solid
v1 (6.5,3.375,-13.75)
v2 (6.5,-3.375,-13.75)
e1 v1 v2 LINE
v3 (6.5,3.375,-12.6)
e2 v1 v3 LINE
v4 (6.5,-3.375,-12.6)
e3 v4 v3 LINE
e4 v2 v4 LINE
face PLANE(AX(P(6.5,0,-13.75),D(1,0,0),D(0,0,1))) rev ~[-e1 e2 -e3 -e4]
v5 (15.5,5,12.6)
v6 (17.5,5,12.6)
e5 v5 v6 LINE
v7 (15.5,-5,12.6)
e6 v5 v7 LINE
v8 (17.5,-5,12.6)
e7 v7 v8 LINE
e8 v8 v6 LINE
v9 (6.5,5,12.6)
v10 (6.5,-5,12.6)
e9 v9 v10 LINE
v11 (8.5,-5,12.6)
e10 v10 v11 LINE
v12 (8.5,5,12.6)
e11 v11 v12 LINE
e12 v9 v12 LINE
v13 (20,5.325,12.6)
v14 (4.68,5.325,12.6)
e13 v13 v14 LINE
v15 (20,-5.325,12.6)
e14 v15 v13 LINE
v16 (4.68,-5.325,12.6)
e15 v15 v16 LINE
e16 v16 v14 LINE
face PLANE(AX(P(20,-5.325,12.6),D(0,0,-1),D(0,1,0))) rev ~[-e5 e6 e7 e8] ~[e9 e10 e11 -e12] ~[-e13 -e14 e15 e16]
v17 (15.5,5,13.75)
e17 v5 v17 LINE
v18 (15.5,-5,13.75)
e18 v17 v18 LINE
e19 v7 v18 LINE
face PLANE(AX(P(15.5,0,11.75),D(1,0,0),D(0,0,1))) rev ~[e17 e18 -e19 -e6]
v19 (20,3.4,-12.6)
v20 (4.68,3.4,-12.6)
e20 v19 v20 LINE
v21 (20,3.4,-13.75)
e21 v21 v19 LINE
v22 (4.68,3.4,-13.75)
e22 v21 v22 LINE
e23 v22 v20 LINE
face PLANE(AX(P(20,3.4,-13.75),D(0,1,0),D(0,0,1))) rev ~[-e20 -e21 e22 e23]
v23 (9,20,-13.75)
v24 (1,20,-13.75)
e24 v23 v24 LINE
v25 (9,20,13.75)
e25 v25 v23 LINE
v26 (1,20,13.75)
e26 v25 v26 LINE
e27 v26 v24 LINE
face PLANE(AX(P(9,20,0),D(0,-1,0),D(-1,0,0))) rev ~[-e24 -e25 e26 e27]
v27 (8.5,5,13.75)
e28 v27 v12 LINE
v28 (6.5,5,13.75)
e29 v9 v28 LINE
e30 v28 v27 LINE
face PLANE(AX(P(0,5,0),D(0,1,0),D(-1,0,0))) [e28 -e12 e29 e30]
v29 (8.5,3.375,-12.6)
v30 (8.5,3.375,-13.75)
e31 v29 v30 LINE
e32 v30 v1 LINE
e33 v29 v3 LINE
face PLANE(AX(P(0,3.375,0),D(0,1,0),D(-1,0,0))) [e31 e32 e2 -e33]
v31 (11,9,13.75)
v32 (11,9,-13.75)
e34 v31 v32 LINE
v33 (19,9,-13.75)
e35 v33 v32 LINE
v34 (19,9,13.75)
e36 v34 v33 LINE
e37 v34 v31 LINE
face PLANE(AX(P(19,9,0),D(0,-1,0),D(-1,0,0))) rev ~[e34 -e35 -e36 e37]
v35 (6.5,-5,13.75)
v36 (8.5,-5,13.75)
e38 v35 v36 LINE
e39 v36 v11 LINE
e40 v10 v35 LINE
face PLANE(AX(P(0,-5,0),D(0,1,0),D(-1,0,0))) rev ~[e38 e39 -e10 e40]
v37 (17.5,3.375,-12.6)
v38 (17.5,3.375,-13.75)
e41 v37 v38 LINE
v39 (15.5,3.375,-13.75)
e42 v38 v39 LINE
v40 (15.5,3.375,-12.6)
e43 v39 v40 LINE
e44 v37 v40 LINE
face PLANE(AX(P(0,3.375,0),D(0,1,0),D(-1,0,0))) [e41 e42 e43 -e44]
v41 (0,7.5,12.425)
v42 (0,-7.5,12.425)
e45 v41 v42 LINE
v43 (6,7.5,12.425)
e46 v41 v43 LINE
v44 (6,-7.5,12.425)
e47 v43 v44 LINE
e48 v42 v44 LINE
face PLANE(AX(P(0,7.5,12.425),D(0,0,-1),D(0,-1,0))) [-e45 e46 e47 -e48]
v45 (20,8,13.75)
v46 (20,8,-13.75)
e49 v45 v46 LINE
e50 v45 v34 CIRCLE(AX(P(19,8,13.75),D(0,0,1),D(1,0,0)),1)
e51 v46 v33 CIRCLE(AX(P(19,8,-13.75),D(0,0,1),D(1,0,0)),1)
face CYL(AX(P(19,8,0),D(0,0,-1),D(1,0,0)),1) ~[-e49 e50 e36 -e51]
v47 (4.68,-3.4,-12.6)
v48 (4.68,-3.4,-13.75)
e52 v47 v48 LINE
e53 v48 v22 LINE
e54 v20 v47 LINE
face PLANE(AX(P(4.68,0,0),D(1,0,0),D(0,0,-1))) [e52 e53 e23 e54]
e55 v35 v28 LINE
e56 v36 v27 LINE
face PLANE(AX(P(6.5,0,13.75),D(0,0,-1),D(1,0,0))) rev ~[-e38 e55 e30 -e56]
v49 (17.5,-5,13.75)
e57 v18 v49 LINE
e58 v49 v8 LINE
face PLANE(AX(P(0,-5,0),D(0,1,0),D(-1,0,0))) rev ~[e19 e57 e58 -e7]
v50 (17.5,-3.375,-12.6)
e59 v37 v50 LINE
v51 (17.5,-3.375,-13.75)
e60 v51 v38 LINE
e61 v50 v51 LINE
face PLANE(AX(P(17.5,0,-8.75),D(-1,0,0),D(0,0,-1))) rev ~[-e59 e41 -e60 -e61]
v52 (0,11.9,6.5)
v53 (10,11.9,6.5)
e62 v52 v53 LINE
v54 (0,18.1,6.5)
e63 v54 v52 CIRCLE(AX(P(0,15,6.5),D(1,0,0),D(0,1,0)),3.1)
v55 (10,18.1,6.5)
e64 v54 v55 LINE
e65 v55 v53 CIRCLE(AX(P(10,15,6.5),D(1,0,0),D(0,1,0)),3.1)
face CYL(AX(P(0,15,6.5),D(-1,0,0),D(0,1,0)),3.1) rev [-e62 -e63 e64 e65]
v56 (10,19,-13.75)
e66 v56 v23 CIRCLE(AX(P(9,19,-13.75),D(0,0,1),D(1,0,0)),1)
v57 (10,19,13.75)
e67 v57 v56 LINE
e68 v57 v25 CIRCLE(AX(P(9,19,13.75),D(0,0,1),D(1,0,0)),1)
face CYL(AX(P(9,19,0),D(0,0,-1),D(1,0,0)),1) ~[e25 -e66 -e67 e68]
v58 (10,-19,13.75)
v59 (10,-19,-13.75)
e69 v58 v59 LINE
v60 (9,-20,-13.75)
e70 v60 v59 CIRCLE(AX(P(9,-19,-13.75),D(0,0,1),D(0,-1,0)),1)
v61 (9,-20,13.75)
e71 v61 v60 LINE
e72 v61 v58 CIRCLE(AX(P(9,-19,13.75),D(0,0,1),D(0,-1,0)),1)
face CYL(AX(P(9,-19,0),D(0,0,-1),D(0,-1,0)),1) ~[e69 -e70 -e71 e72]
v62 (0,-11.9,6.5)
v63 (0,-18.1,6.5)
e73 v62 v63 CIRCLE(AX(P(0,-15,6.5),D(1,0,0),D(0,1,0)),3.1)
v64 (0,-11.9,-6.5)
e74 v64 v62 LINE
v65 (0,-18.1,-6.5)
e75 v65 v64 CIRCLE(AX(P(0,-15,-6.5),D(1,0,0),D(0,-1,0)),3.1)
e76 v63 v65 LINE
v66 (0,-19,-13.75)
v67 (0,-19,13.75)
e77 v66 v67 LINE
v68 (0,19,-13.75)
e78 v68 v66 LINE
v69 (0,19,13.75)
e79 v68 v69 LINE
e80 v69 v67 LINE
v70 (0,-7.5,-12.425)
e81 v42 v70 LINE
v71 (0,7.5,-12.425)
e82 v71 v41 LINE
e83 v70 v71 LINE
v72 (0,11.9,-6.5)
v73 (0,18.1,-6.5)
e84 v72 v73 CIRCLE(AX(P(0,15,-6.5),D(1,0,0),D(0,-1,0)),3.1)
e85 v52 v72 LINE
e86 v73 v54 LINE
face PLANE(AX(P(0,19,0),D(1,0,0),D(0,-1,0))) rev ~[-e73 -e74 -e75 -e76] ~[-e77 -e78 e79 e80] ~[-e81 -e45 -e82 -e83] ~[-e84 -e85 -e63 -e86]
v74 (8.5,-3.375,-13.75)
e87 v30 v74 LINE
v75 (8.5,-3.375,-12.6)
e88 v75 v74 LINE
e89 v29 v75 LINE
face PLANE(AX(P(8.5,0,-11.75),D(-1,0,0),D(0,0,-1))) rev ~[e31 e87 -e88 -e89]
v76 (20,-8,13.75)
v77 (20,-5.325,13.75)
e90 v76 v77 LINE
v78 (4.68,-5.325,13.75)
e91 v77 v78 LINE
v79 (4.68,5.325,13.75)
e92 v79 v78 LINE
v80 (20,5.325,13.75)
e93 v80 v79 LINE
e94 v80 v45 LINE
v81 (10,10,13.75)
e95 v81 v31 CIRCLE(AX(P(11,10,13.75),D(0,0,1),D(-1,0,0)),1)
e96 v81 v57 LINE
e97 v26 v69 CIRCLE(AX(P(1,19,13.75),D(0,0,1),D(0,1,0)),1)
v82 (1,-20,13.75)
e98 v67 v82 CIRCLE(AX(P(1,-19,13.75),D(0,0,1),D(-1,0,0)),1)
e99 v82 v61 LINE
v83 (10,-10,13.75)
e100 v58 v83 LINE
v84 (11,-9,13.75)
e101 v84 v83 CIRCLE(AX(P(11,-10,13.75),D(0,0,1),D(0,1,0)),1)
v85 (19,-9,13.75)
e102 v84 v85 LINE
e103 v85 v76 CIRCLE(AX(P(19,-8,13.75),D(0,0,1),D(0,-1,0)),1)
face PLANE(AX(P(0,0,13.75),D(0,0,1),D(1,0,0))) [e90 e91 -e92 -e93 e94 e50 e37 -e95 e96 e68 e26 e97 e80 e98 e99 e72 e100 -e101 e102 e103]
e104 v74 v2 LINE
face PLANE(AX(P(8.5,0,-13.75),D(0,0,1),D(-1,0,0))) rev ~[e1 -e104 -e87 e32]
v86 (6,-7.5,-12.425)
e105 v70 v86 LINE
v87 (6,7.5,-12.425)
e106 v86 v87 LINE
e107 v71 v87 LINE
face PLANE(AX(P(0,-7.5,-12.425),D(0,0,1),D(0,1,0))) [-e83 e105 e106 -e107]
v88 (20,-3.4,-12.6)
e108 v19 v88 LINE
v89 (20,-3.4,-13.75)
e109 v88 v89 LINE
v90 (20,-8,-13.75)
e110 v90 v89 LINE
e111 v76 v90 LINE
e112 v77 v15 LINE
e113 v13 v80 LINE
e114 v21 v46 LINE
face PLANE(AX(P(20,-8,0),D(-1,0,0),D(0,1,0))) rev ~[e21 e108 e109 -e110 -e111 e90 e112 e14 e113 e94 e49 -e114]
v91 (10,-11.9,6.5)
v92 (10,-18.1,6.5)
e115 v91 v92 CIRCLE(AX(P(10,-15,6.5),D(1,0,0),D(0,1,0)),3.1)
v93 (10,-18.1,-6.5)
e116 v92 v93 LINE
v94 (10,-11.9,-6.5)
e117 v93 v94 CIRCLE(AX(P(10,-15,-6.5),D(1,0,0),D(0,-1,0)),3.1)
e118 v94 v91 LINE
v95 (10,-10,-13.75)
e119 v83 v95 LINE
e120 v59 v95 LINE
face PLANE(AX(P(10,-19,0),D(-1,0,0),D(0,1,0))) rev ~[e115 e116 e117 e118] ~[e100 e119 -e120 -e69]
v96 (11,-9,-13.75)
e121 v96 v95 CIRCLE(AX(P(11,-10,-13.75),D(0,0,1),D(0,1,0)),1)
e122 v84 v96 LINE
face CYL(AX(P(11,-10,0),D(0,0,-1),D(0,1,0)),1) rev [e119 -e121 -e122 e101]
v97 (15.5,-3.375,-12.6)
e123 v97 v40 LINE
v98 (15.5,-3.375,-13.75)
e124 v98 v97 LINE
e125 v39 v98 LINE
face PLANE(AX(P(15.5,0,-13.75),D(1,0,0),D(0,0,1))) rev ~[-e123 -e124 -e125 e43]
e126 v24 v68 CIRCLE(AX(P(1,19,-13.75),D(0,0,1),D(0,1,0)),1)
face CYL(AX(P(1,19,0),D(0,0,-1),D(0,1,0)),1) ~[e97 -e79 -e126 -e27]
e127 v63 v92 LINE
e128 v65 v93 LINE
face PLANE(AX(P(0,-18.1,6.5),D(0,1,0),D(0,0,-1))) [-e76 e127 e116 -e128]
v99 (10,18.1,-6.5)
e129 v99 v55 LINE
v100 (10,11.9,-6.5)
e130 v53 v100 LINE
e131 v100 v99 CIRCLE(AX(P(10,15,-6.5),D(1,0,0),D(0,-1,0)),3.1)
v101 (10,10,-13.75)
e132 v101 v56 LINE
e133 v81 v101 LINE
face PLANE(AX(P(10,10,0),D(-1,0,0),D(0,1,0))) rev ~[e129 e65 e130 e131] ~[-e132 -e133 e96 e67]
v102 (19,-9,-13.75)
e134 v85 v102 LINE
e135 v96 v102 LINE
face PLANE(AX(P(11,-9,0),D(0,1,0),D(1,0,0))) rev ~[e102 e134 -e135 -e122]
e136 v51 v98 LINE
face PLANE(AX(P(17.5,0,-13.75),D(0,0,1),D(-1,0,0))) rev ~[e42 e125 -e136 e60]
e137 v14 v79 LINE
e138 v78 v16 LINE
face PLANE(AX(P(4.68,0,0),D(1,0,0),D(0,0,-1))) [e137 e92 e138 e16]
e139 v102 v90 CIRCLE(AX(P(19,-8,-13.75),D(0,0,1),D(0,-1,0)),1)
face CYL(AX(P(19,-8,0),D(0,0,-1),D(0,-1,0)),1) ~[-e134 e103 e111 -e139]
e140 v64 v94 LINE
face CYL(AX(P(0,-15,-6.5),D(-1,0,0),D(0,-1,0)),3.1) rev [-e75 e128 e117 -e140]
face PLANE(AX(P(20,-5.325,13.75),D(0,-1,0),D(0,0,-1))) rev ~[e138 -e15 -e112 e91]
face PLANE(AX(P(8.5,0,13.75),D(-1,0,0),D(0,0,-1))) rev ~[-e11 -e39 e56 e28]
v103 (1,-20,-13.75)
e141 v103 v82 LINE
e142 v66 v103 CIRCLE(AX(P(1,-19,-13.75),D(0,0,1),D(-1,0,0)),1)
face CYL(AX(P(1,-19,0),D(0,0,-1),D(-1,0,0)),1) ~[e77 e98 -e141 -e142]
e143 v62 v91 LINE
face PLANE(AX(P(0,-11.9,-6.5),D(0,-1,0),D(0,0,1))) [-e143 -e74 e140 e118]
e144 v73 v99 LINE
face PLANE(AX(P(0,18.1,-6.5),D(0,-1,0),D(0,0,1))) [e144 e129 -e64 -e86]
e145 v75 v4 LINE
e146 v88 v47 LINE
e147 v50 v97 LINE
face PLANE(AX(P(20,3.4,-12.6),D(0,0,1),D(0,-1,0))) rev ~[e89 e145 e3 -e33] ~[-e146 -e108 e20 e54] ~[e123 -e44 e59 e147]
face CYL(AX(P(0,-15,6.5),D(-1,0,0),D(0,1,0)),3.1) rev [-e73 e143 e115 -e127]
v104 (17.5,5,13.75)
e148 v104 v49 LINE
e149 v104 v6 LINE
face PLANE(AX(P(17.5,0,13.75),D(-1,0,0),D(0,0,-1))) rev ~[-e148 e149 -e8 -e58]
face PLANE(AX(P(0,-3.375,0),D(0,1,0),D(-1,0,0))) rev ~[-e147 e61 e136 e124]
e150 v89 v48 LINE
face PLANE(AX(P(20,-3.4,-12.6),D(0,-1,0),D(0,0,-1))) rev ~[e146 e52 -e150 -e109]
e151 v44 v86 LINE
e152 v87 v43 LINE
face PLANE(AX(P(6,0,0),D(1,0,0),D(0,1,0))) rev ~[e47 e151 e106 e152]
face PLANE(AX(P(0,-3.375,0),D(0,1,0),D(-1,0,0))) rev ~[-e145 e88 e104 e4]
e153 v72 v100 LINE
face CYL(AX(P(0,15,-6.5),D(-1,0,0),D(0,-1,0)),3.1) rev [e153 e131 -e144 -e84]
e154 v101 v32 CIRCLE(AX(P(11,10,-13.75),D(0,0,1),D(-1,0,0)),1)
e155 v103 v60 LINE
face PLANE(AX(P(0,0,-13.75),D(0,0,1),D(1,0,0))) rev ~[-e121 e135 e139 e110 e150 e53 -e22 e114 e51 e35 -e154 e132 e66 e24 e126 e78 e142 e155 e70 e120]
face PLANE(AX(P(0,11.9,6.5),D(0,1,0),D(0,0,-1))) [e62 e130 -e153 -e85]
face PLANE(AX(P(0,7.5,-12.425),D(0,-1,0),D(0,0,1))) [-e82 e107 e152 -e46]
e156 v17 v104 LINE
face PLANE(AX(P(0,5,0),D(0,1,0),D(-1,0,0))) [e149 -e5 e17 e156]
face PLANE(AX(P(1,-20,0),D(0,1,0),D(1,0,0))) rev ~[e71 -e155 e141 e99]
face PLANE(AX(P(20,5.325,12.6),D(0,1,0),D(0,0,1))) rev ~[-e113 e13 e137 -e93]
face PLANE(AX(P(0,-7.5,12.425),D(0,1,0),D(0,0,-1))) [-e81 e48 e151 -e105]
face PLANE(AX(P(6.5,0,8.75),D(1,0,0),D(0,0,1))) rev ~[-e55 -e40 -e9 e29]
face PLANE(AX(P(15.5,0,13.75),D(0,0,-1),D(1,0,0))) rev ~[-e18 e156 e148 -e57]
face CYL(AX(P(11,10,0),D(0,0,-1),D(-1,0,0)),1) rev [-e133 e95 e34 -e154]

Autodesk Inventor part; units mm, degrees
sketch "Skizze_1" plane through (0, 0, 0) normal (0, 0, 1) x (1, 0, 0)
  line L0 (0, 19) -> (0, -19)
  arc A0 (0, -19) -> (1, -20) centre (1, -19) ccw
  line L1 (1, -20) -> (9, -20)
  arc A1 (9, -20) -> (10, -19) centre (9, -19) ccw
  line L2 (10, -19) -> (10, -10)
  arc A2 (11, -9) -> (10, -10) centre (11, -10) ccw
  line L3 (11, -9) -> (19, -9)
  arc A3 (19, -9) -> (20, -8) centre (19, -8) ccw
  line L4 (20, -8) -> (20, 8)
  arc A4 (20, 8) -> (19, 9) centre (19, 8) ccw
  line L5 (19, 9) -> (11, 9)
  arc A5 (10, 10) -> (11, 9) centre (11, 10) ccw
  line L6 (10, 10) -> (10, 19)
  arc A6 (10, 19) -> (9, 20) centre (9, 19) ccw
  line L7 (9, 20) -> (1, 20)
  arc A7 (1, 20) -> (0, 19) centre (1, 19) ccw
extrude "Extrusion1" add sketch "Skizze_1" along normal mid plane 27.5
sketch "Skizze_2" plane through (0, 0, 0) normal (1, 0, 0) x (0, 1, 0)
  arc A0 (18.1, 6.5) -> (11.9, 6.5) centre (15, 6.5) ccw
  line L0 (11.9, 6.5) -> (11.9, -6.5)
  arc A1 (11.9, -6.5) -> (18.1, -6.5) centre (15, -6.5) ccw
  line L1 (18.1, -6.5) -> (18.1, 6.5)
extrude "Extrusion2" cut sketch "Skizze_2" along normal blind 10
sketch "Skizze_3" plane through (0, 0, 0) normal (1, 0, 0) x (0, 1, 0)
  arc A0 (-11.9, 6.5) -> (-18.1, 6.5) centre (-15, 6.5) ccw
  line L0 (-18.1, 6.5) -> (-18.1, -6.5)
  arc A1 (-18.1, -6.5) -> (-11.9, -6.5) centre (-15, -6.5) ccw
  line L1 (-11.9, -6.5) -> (-11.9, 6.5)
extrude "Extrusion3" cut sketch "Skizze_3" along normal blind 10
sketch "Skizze_4" plane through (20, 0, 0) normal (1, 0, 0) x (0, 0, -1)
  line L0 (-13.75, 5.325) -> (-13.75, -5.325)
  line L1 (-13.75, -5.325) -> (-12.6, -5.325)
  line L2 (-12.6, -5.325) -> (-12.6, 5.325)
  line L3 (-12.6, 5.325) -> (-13.75, 5.325)
extrude "Extrusion4" cut sketch "Skizze_4" against normal blind 15.32
sketch "Skizze_5" plane through (20, 0, 0) normal (1, 0, 0) x (0, 0, -1)
  line L0 (12.6, 3.4) -> (12.6, -3.4)
  line L1 (12.6, -3.4) -> (13.75, -3.4)
  line L2 (13.75, -3.4) -> (13.75, 3.4)
  line L3 (13.75, 3.4) -> (12.6, 3.4)
extrude "Extrusion5" cut sketch "Skizze_5" against normal blind 15.32
sketch "Skizze_6" plane through (0, 0, 0) normal (0, 1, 0) x (-1, 0, 0)
  line L0 (-6.5, 8.75) -> (-6.5, 13.75)
  line L1 (-6.5, 13.75) -> (-8.5, 13.75)
  line L2 (-8.5, 13.75) -> (-8.5, 11.75)
  line L3 (-8.5, 11.75) -> (-15.5, 11.75)
  line L4 (-15.5, 11.75) -> (-15.5, 13.75)
  line L5 (-15.5, 13.75) -> (-17.5, 13.75)
  line L6 (-17.5, 13.75) -> (-17.5, 8.75)
  line L7 (-17.5, 8.75) -> (-6.5, 8.75)
extrude "Extrusion6" add sketch "Skizze_6" along normal mid plane 10
sketch "Skizze_7" plane through (0, 0, 0) normal (0, 1, 0) x (-1, 0, 0)
  line L0 (-6.5, -8.75) -> (-17.5, -8.75)
  line L1 (-17.5, -8.75) -> (-17.5, -13.75)
  line L2 (-17.5, -13.75) -> (-15.5, -13.75)
  line L3 (-15.5, -13.75) -> (-15.5, -11.75)
  line L4 (-15.5, -11.75) -> (-8.5, -11.75)
  line L5 (-8.5, -11.75) -> (-8.5, -13.75)
  line L6 (-8.5, -13.75) -> (-6.5, -13.75)
  line L7 (-6.5, -13.75) -> (-6.5, -8.75)
extrude "Extrusion7" add sketch "Skizze_7" along normal mid plane 6.75
sketch "Skizze_8" plane through (0, 0, 0) normal (1, 0, 0) x (0, 1, 0)
  line L0 (7.5, 12.425) -> (-7.5, 12.425)
  line L1 (-7.5, 12.425) -> (-7.5, -12.425)
  line L2 (-7.5, -12.425) -> (7.5, -12.425)
  line L3 (7.5, -12.425) -> (7.5, 12.425)
extrude "Extrusion8" cut sketch "Skizze_8" along normal blind 6
ref_plane "side_1_XY" through (0, 0, 0) normal (-1, 0, 0) x (0, 0, -1)
ref_plane "side_1_YZ" through (0, 0, 0) normal (0, 0, -1) x (0, -1, 0)
ref_plane "side_1_ZX" through (0, 0, 0) normal (0, -1, 0) x (-1, 0, 0)
properties part number "May Tec 1.65.2101_Magnetic lock PA 0"
